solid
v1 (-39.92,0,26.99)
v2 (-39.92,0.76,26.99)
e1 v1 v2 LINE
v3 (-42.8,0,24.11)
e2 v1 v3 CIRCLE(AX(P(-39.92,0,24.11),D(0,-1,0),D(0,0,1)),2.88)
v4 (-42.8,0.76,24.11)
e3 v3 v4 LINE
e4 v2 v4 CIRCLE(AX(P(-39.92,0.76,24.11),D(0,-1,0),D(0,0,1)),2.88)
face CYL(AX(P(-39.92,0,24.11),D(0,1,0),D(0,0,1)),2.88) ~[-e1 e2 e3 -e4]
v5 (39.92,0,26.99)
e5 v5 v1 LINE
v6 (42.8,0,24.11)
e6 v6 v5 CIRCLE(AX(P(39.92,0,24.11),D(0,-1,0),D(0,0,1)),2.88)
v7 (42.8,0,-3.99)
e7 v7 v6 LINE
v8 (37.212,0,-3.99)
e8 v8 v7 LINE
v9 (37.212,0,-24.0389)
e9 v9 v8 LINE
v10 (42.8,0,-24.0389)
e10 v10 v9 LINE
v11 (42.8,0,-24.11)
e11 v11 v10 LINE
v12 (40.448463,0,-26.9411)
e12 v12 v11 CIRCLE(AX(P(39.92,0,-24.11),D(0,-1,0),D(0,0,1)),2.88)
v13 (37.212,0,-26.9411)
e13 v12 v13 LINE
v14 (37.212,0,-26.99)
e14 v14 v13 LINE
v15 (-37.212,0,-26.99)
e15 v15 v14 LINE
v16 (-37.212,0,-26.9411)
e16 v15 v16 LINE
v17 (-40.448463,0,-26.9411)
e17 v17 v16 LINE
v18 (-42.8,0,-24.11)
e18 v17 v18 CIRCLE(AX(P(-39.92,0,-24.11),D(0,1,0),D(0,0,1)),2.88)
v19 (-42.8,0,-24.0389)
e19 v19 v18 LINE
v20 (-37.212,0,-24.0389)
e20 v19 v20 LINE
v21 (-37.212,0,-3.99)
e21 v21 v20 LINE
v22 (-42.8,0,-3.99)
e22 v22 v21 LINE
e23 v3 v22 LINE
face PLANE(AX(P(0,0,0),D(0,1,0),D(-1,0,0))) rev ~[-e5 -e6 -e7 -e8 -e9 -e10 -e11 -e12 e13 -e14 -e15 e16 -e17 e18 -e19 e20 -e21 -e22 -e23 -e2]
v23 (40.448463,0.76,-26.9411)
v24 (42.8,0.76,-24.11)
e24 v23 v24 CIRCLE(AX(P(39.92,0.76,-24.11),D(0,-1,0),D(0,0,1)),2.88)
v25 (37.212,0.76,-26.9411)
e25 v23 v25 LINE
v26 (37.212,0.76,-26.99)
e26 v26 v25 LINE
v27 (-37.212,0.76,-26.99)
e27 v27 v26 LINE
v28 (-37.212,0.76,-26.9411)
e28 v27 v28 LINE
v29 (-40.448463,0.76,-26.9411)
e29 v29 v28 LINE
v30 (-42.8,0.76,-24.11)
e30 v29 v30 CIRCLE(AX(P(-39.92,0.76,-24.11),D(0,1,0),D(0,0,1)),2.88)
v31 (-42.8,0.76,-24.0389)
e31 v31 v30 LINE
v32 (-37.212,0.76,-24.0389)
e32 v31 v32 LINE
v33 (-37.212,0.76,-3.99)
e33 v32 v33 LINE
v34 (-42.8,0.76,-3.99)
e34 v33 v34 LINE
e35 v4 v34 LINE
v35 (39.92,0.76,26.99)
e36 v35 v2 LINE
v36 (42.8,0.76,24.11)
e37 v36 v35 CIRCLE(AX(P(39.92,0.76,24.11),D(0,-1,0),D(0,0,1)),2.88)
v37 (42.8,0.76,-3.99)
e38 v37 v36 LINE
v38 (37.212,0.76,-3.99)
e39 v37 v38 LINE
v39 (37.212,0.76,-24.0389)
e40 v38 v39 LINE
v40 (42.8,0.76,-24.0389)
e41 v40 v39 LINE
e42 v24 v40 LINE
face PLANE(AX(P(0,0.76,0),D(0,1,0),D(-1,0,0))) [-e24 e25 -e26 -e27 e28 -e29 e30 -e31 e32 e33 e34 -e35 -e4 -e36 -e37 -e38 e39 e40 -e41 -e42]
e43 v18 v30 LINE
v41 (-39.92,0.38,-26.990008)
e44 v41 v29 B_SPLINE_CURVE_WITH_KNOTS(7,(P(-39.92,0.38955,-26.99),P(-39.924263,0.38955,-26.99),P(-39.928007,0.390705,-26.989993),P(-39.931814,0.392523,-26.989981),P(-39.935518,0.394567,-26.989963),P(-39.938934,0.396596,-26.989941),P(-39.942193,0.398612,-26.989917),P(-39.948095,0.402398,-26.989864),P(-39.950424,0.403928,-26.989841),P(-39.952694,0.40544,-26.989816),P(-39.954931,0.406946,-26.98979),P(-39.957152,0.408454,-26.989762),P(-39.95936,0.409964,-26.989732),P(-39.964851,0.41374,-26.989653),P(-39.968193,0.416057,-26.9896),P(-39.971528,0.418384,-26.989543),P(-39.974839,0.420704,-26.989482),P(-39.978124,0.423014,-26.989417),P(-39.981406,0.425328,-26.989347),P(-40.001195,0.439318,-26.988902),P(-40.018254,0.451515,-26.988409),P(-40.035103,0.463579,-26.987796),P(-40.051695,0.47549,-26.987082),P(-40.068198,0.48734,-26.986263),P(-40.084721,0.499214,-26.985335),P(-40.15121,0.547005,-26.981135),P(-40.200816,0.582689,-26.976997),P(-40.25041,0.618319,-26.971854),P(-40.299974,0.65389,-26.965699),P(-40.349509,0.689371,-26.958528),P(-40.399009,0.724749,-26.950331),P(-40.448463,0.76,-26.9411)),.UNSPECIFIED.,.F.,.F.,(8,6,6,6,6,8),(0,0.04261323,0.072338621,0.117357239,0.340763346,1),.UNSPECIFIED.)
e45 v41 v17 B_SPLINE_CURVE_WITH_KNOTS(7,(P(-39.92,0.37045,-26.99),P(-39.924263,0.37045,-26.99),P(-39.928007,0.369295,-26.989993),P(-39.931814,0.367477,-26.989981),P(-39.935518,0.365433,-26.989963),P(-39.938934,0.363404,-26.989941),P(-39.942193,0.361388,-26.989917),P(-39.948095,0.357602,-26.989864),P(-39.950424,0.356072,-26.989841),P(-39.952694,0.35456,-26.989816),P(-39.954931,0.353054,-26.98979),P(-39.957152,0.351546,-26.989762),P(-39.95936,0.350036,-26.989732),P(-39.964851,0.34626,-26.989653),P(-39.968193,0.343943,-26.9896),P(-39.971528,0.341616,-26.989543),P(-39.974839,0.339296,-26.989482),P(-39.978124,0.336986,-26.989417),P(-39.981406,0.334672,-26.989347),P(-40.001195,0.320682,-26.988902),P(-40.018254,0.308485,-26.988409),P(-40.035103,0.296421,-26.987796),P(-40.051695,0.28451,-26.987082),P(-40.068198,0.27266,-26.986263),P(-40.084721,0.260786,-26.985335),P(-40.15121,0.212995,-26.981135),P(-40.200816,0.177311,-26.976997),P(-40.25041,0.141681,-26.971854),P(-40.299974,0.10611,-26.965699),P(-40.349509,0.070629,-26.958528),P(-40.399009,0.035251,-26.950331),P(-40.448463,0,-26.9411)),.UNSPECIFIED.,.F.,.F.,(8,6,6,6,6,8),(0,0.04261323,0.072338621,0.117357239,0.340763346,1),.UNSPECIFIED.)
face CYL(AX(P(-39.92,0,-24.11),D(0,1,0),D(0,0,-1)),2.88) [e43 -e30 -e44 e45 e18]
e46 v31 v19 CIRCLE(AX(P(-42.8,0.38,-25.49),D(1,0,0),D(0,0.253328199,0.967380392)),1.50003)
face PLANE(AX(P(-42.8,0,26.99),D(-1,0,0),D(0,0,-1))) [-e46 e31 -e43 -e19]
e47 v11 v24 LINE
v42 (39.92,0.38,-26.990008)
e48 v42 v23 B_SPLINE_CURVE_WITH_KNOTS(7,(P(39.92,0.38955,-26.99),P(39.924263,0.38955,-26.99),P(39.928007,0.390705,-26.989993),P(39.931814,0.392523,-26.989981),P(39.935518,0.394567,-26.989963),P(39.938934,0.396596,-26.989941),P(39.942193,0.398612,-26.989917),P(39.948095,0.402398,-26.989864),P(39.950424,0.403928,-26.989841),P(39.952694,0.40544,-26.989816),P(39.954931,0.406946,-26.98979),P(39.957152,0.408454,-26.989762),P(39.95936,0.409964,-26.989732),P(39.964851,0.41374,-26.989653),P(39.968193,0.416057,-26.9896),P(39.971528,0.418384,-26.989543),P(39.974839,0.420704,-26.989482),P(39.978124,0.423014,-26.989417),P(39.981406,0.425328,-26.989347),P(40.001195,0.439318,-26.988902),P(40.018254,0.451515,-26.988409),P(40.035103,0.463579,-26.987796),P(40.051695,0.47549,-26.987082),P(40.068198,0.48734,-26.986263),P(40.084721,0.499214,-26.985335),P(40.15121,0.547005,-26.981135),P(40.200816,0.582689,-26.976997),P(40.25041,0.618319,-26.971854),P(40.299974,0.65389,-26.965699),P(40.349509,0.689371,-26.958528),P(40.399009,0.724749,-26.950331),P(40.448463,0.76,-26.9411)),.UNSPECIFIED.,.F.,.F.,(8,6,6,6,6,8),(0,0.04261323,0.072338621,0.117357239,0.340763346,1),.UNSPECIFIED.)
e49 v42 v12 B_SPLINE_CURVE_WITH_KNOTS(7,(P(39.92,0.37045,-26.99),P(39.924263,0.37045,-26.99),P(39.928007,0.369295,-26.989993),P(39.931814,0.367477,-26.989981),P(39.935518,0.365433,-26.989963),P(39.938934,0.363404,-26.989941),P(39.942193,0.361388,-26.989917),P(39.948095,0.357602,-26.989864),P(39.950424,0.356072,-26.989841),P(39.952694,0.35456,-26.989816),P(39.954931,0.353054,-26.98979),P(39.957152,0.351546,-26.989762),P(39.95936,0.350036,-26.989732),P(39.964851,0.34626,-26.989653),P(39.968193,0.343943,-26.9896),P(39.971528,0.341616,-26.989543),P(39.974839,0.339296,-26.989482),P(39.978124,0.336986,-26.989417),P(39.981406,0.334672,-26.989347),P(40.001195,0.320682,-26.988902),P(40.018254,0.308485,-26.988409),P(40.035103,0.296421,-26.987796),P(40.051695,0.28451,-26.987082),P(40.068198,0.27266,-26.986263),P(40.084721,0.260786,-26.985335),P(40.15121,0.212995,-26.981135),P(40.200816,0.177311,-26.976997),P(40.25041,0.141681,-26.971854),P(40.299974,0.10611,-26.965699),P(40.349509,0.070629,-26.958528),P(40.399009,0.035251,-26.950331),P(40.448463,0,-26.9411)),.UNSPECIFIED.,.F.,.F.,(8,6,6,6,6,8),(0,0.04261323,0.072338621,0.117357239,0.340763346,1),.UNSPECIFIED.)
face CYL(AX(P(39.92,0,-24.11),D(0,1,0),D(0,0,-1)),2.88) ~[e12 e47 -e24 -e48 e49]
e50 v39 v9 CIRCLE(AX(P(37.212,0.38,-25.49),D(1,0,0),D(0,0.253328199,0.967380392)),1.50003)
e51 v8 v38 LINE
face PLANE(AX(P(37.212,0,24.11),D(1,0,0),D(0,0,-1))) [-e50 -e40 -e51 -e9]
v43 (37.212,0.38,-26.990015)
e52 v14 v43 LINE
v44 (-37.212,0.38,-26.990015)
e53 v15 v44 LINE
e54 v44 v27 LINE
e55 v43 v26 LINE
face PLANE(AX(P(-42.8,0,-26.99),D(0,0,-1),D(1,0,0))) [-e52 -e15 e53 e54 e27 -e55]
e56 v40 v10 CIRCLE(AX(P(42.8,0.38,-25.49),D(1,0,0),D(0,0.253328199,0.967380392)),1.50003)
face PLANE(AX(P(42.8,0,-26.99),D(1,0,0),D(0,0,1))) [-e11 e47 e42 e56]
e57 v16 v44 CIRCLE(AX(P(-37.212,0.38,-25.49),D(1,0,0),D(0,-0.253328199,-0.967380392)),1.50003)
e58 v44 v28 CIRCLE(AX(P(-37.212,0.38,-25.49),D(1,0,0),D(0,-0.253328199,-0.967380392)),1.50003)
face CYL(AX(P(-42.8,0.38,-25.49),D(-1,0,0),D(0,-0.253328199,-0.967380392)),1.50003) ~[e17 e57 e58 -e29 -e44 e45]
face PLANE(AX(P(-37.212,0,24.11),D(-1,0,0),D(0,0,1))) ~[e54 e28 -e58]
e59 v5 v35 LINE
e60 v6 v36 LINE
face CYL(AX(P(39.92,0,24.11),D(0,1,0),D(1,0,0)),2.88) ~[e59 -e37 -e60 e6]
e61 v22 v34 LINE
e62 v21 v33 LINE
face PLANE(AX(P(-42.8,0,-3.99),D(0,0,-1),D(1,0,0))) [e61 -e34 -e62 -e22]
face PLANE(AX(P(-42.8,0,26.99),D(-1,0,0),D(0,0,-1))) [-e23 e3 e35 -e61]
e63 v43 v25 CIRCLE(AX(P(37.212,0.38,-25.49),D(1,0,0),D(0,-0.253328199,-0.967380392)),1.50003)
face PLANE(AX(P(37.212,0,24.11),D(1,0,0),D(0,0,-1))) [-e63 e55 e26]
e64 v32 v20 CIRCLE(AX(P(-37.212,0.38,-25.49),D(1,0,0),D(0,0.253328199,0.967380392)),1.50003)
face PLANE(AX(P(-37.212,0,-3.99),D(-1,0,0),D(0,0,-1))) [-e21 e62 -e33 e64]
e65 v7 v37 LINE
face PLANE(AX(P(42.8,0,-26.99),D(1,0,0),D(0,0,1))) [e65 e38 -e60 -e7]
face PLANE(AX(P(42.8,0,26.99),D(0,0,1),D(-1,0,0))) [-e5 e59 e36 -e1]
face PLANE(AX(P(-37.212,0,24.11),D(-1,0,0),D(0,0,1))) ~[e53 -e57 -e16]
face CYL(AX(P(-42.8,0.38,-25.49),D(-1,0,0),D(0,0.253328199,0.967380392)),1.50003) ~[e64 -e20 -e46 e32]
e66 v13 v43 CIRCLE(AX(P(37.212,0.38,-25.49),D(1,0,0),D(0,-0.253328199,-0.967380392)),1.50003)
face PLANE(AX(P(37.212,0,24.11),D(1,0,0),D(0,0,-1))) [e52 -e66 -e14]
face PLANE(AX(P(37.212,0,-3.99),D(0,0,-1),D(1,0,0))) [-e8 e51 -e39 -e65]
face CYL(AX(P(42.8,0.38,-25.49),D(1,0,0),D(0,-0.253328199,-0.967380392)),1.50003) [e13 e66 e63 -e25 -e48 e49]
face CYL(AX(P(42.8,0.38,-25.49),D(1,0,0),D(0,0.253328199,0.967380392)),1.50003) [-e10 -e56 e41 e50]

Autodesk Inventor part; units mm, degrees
ref_plane "YZ Plane" through (0, 0, 0) normal (1, 0, 0) x (0, 1, 0)
ref_plane "XZ Plane" through (0, 0, 0) normal (0, 1, 0) x (-1, 0, 0)
ref_plane "XY Plane" through (0, 0, 0) normal (0, 0, 1) x (1, 0, 0)
sketch "Sketch1" plane through (0, 0, 0) normal (0, 1, 0) x (-1, 0, 0)
  line L0 (42.8, -26.99) -> (-42.8, -26.99)
  line L1 (-42.8, -26.99) -> (-42.8, 26.99)
  line L2 (-42.8, 26.99) -> (42.8, 26.99)
  line L3 (42.8, 26.99) -> (42.8, -26.99)
  line L4 (42.8, -26.99) -> (-42.8, 26.99) construction
  line L5 (-42.8, -26.99) -> (42.8, 26.99) construction
  point P0 (0, 0)
  dimension "d0" = 85.6
  dimension "d1" = 53.98
extrude "Extrusion1" add sketch "Sketch1" along normal blind 0.76
fillet "Fillet1" radius 2.88 4 edges at (42.8, 0.38, 26.99) (42.8, 0.38, -26.99) (-42.8, 0.38, 26.99) (-42.8, 0.38, -26.99)
sketch "Sketch2" plane through (0, 0, 0) normal (0, -1, 0) x (1, 0, 0)
  arc A0 (-42.8, -24.11) -> (-39.92, -26.99) centre (-39.92, -24.11) ccw projected
  line L0 (-39.92, -26.99) -> (39.92, -26.99) projected
  arc A1 (39.92, -26.99) -> (42.8, -24.11) centre (39.92, -24.11) ccw projected
  line L1 (42.8, -24.11) -> (42.8, 24.11) projected
  arc A2 (42.8, 24.11) -> (39.92, 26.99) centre (39.92, 24.11) ccw projected
  line L2 (39.92, 26.99) -> (-39.92, 26.99) projected
  arc A3 (-39.92, 26.99) -> (-42.8, 24.11) centre (-39.92, 24.11) ccw projected
  line L3 (-42.8, 24.11) -> (-42.8, -24.11) projected
  line L4 (-42.8, 24.11) -> (-42.8, -24.11) projected
  line L5 (-42.8, -3.99) -> (-37.212, -3.99)
  line L6 (-37.212, -3.99) -> (-37.212, -23.99)
  line L7 (-37.212, -23.99) -> (-42.8, -23.99)
  line L8 (-42.8, -23.99) -> (-42.8, -3.99)
  line L9 (42.8, 24.11) -> (42.8, -24.11) projected
  line L10 (42.8, -23.99) -> (37.212, -23.99)
  line L11 (37.212, -23.99) -> (37.212, -3.99)
  line L12 (37.212, -3.99) -> (42.8, -3.99)
  line L13 (42.8, -3.99) -> (42.8, -23.99)
  point P0 (0, 0)
  dimension "d5" = 5.588
  dimension "d6" = 5.588
  dimension "d7" = 3
  dimension "d8" = 3
  dimension "d9" = 20
  dimension "d10" = 20
extrude "Extrusion2" cut sketch "Sketch2" against normal through all contours L3 L5 L6 L7 | L10 L11 L12 L1
sketch "Sketch3" plane through (42.8, 0, 24.11) normal (1, 0, 0) x (0, 0, -1)
  line L0 (51.1, 0) -> (51.1, 0.76) projected
  line L1 (51.1, 0) -> (51.1, 0.76)
  line L2 (48.1, 0.76) -> (48.1, 0)
  line L3 (48.1, 0) -> (51.1, 0.76) construction
  line L4 (51.1, 0) -> (48.1, 0.76) construction
  line L5 (51.1, 0) -> (48.22, 0) projected
  arc A0 (48.1489, 0.76) -> (48.1489, 0) centre (49.6, 0.38) ccw
  arc A1 (51.0511, 0) -> (51.0511, 0.76) centre (49.6, 0.38) ccw
  line L6 (48.1, 0) -> (48.1489, 0)
  line L7 (51.0511, 0) -> (51.1, 0)
  line L8 (51.1, 0.76) -> (51.0511, 0.76)
  line L9 (48.1489, 0.76) -> (48.1, 0.76)
  point P0 (24.11, 0)
  point P1 (48.1, 0.38)
  point P2 (51.1, 0.38)
  dimension "d14" = 3
  dimension "d15" = 0.76
  dimension "d16" = 1.5
  dimension "d17" = 1.5
  dimension "d18" = 1.5
extrude "Extrusion3" cut sketch "Sketch3" against normal up to surface (5.588 mm away)
mirror "Mirror1" about plane through (0, 0, 0) normal (1, 0, 0) of "Extrusion3"
sketch "Sketch4" plane through (0, 0, 0) normal (0, -1, 0) x (1, 0, 0)
  line L0 (-37.212, -24.0389) -> (-42.8, -24.0389) projected
  line L1 (-42.8, -24.0389) -> (-42.8, -24.11) projected
  arc A0 (-42.8, -24.11) -> (-40.4486, -26.9411) centre (-39.92, -24.11) ccw projected
  line L2 (-40.4486, -26.9411) -> (-37.212, -26.9411) projected
  line L3 (-37.212, -26.9411) -> (-37.212, -26.99) projected
  line L4 (-37.212, -26.99) -> (37.212, -26.99) projected
  line L5 (37.212, -26.99) -> (37.212, -26.9411) projected
  line L6 (37.212, -26.9411) -> (40.4486, -26.9411) projected
  arc A1 (40.4486, -26.9411) -> (42.8, -24.11) centre (39.92, -24.11) ccw projected
  line L7 (42.8, -24.11) -> (42.8, -24.0389) projected
  line L8 (42.8, -24.0389) -> (37.212, -24.0389) projected
  line L9 (37.212, -24.0389) -> (37.212, -3.99) projected
  line L10 (37.212, -3.99) -> (42.8, -3.99) projected
  line L11 (42.8, -3.99) -> (42.8, 24.11) projected
  arc A2 (42.8, 24.11) -> (39.92, 26.99) centre (39.92, 24.11) ccw projected
  line L12 (39.92, 26.99) -> (-39.92, 26.99) projected
  arc A3 (-39.92, 26.99) -> (-42.8, 24.11) centre (-39.92, 24.11) ccw projected
  line L13 (-42.8, 24.11) -> (-42.8, -3.99) projected
  line L14 (-42.8, -3.99) -> (-37.212, -3.99) projected
  line L15 (-37.212, -3.99) -> (-37.212, -24.0389) projected
  line L16 (39.92, 26.99) -> (-39.92, 26.99) projected
  line L17 (42.8, -3.99) -> (42.8, 24.11) projected
  line L18 (-42.8, 24.11) -> (-42.8, -3.99) projected
  line L19 (-42.8, 26.99) -> (42.8, 26.99) construction
  line L20 (42.8, 26.99) -> (42.8, -27.0263) construction
  line L21 (42.8, -27.0263) -> (-42.8, -27.0263) construction
  line L22 (-42.8, -27.0263) -> (-42.8, 26.99) construction
  point P0 (0, 0)
decal "Decal1"
sketch "Sketch5" plane through (0, 0.76, 0) normal (0, 1, 0) x (1, 0, 0)
  line L0 (-42.8, 24.0389) -> (-37.212, 24.0389) projected
  line L1 (-37.212, 24.0389) -> (-37.212, 3.99) projected
  line L2 (-37.212, 3.99) -> (-42.8, 3.99) projected
  line L3 (-42.8, 3.99) -> (-42.8, -24.11) projected
  arc A0 (-42.8, -24.11) -> (-39.92, -26.99) centre (-39.92, -24.11) ccw projected
  line L4 (-39.92, -26.99) -> (39.92, -26.99) projected
  arc A1 (39.92, -26.99) -> (42.8, -24.11) centre (39.92, -24.11) ccw projected
  line L5 (42.8, -24.11) -> (42.8, 3.99) projected
  line L6 (42.8, 3.99) -> (37.212, 3.99) projected
  line L7 (37.212, 3.99) -> (37.212, 24.0389) projected
  line L8 (37.212, 24.0389) -> (42.8, 24.0389) projected
  line L9 (42.8, 24.0389) -> (42.8, 24.11) projected
  arc A2 (42.8, 24.11) -> (40.4486, 26.9411) centre (39.92, 24.11) ccw projected
  line L10 (40.4486, 26.9411) -> (37.212, 26.9411) projected
  line L11 (37.212, 26.9411) -> (37.212, 26.99) projected
  line L12 (37.212, 26.99) -> (-37.212, 26.99) projected
  line L13 (-37.212, 26.99) -> (-37.212, 26.9411) projected
  line L14 (-37.212, 26.9411) -> (-40.4486, 26.9411) projected
  arc A3 (-40.4486, 26.9411) -> (-42.8, 24.11) centre (-39.92, 24.11) ccw projected
  line L15 (-42.8, 24.11) -> (-42.8, 24.0389) projected
  line L16 (-42.8, 3.99) -> (-42.8, -24.11) projected
  line L17 (-42.8, 27.0263) -> (42.8, 27.0263) construction
  line L18 (42.8, 27.0263) -> (42.8, -26.99) construction
  line L19 (42.8, -26.99) -> (-42.8, -26.99) construction
  line L20 (-42.8, -26.99) -> (-42.8, 27.0263) construction
  point P0 (0, 0)
decal "Decal2"
equation "\"d0\" = cardWidth"
equation "\"d1\" = cardHeight"
equation "\"d2\" = cardThickness"
equation "\"d4\" = cardFillet"
equation "\"d5\" = spoolThickness"
equation "\"d6\" = spoolThickness"
equation "\"d7\" = cardPinDiameter"
equation "\"d8\" = cardPinDiameter"
equation "\"d9\" = cardCutoutHeight"
equation "\"d10\" = cardCutoutHeight"
equation "\"d11\" = cardThickness"
equation "\"d14\" = cardPinDiameter"
equation "\"d15\" = cardThickness"
equation "\"d16\" = 0.5 * cardPinDiameter"
equation "\"d18\" = 0.5 * cardPinDiameter"
equation "\"d19\" = cardThickness"
equation "\"materialThickness\" = 3.175"
equation "\"laserKerf\" = 0.12"
equation "\"cardPinDiameter\" = 3"
equation "\"centeralShaftDiameter\" = 8"
equation "\"cardWidth\" = 85.6"
equation "\"cardHeight\" = 53.98"
equation "\"cardThickness\" = 0.76"
equation "\"cardFillet\" = 2.88"
equation "\"cardCutoutHeight\" = 20"
equation "\"d13\" = cardPinDiameter"
equation "\"cardClearence\" = 0.5"
equation "\"bearingWidth\" = 8"
equation "\"bearingOd\" = 22"
equation "\"axleHeight\" = 95"
equation "\"nutTrapDepth\" = 2.5"
equation "\"nutTrapwidth\" = 5.5"
equation "\"nutTrapClearence\" = 2"
equation "\"magnetLength\" = 3"
equation "\"magnetDiameter\" = 6"
equation "\"magnetProtusion\" = 0.25"
equation "\"spoolThickness\" = 5.588"
properties part number "card-00" material "ABS Plastic"
